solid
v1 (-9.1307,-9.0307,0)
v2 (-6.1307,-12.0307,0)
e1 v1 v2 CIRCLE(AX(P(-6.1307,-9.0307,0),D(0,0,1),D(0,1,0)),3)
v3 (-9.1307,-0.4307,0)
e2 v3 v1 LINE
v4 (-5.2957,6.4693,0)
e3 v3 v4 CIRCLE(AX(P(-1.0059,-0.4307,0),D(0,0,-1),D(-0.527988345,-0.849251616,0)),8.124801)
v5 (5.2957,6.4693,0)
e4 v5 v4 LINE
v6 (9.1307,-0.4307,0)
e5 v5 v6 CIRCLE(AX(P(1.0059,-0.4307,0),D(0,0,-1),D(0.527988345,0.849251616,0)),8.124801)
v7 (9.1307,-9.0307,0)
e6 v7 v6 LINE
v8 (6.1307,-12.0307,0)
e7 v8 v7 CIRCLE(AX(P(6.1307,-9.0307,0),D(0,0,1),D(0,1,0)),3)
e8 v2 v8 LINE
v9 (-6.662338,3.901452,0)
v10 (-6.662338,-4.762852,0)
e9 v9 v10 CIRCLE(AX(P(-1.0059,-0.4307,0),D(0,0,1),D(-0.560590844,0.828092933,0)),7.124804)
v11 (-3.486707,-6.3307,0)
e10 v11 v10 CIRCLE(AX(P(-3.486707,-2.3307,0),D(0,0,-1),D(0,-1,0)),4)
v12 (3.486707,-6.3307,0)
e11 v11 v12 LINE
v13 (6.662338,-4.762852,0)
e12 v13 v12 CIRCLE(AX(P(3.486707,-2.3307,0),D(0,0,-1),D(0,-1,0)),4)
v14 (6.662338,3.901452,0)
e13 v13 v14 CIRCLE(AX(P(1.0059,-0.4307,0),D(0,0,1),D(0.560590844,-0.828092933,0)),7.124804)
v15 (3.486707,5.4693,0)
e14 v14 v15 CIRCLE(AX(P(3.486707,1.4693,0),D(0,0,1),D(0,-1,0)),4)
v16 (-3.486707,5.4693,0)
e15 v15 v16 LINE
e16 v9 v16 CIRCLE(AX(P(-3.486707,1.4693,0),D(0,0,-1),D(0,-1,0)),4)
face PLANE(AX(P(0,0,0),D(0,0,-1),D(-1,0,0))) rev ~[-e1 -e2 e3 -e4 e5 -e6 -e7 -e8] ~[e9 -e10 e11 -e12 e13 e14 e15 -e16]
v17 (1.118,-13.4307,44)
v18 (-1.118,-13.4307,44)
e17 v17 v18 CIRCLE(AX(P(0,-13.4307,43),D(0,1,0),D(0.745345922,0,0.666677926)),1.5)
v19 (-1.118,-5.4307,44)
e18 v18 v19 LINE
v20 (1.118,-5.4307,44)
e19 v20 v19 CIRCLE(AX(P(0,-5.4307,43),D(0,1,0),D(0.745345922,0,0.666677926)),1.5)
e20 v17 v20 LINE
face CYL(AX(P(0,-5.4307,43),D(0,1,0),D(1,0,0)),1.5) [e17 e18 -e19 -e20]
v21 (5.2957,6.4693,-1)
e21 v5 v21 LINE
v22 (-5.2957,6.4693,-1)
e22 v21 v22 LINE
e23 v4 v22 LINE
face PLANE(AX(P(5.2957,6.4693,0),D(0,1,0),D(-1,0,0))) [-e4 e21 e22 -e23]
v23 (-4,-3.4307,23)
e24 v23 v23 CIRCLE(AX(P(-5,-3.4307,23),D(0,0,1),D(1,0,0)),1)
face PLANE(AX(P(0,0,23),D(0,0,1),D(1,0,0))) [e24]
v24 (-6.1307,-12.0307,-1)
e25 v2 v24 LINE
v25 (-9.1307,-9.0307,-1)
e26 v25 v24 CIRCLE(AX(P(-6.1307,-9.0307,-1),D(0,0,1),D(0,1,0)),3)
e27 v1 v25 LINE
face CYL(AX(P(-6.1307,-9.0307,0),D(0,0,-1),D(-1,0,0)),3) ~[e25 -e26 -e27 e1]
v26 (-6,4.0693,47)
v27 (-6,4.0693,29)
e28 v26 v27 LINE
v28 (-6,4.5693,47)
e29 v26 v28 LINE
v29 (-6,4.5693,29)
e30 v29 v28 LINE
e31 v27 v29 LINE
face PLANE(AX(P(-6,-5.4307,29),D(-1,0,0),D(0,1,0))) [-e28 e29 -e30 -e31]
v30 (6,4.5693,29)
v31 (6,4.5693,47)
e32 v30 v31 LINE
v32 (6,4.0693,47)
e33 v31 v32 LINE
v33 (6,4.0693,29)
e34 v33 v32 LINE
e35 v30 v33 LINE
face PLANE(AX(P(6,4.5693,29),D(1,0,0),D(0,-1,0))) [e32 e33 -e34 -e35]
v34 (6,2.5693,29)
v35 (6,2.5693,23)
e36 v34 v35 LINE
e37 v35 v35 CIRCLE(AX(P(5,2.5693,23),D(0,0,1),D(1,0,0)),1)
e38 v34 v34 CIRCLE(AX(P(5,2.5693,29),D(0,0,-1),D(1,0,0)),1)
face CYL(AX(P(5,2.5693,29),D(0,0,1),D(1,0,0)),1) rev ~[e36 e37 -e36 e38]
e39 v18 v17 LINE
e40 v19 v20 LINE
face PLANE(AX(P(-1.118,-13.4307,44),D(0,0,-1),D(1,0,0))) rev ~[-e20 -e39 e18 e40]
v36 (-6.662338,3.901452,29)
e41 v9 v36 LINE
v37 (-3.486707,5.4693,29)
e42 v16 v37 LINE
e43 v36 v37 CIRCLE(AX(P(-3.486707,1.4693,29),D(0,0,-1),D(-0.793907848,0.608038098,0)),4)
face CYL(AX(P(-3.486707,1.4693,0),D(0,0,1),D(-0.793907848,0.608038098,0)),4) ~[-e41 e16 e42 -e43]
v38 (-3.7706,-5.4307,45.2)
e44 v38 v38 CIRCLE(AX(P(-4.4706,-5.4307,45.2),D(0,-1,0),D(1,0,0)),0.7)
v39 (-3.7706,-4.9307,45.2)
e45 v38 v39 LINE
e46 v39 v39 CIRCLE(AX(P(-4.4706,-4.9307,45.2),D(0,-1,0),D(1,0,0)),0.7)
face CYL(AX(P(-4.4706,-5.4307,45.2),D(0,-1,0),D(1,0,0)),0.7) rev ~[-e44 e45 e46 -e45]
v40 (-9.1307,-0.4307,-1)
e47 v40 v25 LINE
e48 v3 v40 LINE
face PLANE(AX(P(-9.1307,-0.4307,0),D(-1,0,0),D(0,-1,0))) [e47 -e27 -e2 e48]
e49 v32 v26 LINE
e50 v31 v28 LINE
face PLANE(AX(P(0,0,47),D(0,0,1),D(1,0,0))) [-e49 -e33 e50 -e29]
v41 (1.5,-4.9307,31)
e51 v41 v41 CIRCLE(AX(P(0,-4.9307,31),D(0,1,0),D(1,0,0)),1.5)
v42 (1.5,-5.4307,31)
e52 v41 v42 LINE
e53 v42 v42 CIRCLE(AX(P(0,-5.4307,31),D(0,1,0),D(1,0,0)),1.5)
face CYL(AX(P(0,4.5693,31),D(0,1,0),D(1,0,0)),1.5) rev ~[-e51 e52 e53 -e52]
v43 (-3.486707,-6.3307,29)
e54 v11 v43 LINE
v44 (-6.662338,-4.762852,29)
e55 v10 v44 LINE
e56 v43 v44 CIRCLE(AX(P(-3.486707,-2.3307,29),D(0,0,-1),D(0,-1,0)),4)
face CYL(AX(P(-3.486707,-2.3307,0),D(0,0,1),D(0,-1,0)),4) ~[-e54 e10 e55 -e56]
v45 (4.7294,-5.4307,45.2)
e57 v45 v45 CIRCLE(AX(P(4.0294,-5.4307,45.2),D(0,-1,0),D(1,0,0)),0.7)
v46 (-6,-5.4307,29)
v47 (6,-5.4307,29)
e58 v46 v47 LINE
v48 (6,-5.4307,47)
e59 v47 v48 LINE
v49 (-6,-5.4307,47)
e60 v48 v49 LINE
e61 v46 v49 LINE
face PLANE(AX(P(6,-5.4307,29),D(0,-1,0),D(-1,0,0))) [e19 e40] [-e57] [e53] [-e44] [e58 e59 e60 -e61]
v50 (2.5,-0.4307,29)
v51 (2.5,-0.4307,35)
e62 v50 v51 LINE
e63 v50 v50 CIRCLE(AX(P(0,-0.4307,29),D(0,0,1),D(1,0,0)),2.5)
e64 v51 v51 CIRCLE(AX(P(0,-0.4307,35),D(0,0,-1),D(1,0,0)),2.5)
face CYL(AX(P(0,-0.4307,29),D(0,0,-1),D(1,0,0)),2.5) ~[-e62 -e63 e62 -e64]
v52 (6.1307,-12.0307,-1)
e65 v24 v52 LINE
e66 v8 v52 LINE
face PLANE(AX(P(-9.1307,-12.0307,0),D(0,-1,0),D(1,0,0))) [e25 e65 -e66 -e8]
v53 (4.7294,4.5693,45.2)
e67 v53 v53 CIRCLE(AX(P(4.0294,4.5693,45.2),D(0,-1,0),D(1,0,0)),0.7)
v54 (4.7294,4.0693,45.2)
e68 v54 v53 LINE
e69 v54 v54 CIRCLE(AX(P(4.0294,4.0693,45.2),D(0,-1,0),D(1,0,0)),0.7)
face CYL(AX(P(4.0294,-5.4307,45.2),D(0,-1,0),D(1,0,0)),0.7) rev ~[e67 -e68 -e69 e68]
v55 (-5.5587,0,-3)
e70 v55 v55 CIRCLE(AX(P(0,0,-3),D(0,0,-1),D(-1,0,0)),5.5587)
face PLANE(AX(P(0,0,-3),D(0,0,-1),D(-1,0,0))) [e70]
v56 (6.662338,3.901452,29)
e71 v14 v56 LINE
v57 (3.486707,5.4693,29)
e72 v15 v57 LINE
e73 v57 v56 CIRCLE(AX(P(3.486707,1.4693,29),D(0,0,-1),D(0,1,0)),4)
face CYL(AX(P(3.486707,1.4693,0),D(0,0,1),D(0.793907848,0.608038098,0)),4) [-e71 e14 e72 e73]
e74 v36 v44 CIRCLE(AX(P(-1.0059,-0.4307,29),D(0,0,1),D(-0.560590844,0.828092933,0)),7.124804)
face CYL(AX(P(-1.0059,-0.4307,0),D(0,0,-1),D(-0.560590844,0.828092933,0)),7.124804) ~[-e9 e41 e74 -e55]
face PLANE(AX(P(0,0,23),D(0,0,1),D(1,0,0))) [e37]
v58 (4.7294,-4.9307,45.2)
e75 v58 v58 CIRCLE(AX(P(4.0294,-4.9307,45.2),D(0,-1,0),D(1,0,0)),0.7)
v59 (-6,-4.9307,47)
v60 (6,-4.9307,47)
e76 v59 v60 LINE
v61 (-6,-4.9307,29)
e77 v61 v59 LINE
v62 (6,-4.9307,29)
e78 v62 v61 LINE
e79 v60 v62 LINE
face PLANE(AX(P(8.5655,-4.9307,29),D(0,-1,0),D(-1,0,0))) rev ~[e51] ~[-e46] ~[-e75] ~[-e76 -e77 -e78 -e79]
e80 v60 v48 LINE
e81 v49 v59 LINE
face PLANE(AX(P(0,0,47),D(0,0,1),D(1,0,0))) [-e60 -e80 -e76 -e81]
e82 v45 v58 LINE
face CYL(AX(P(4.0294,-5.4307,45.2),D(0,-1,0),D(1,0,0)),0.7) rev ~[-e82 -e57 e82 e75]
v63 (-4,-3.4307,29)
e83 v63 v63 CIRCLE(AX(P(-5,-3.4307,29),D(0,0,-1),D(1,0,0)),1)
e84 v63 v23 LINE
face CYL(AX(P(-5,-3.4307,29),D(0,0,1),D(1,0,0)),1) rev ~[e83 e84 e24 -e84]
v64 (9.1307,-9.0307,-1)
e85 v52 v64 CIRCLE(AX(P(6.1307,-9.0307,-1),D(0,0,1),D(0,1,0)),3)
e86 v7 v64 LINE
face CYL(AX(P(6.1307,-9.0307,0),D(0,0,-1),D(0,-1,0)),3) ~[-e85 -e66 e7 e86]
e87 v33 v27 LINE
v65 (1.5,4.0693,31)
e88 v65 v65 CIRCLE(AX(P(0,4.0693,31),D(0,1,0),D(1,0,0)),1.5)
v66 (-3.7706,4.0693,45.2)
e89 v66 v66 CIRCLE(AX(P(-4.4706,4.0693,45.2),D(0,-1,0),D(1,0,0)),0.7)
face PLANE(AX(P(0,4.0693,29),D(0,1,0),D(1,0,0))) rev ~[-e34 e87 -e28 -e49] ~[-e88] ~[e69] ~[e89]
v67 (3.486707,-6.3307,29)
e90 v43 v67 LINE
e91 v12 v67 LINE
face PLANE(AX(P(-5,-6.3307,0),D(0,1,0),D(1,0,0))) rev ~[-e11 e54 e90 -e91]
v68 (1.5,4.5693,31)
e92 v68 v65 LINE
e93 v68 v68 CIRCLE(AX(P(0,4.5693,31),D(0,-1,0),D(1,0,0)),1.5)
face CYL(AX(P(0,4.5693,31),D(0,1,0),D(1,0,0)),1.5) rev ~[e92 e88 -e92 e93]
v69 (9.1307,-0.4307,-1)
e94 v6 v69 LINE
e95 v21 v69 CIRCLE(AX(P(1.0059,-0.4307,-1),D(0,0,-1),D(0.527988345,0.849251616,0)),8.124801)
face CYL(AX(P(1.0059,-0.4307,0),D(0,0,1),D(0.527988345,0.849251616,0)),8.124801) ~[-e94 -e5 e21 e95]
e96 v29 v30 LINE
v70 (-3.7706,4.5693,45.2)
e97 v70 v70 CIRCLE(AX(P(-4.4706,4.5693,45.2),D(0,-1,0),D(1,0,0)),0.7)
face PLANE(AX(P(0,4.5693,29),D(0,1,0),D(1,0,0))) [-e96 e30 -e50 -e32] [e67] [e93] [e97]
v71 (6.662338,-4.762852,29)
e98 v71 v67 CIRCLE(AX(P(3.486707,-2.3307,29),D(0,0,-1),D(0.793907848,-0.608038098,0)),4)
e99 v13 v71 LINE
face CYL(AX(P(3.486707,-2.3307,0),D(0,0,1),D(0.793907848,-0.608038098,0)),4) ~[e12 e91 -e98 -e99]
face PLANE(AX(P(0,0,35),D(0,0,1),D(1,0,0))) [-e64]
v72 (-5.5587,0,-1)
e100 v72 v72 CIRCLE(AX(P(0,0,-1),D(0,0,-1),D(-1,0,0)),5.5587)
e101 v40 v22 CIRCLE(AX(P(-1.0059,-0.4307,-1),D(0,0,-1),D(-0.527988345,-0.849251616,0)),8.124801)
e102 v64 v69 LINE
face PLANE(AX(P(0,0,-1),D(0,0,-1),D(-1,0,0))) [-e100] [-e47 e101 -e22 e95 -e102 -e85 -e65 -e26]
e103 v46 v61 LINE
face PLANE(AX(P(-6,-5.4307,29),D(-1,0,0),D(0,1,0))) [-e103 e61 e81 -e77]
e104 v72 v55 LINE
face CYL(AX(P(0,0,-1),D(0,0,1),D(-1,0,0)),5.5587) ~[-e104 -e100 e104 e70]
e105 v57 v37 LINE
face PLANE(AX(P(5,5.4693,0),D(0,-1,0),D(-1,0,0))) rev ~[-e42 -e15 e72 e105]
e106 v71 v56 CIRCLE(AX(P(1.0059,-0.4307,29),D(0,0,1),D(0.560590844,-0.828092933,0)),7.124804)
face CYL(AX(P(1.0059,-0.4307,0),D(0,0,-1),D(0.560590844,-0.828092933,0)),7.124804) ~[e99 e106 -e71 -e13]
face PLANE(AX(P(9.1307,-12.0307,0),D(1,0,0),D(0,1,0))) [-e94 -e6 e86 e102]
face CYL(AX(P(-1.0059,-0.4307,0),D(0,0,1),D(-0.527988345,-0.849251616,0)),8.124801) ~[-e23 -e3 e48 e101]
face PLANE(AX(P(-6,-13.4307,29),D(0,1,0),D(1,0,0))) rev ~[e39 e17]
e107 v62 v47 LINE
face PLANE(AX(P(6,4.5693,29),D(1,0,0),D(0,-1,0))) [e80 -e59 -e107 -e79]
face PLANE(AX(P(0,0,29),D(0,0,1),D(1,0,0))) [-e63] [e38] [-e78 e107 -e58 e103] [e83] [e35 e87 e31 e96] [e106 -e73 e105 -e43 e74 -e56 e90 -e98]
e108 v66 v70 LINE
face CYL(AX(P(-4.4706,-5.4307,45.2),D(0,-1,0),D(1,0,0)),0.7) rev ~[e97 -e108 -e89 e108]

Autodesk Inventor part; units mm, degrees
ref_plane "YZ Plane" through (0, 0, 0) normal (1, 0, 0) x (0, 1, 0)
ref_plane "XZ Plane" through (0, 0, 0) normal (0, 1, 0) x (-1, 0, 0)
ref_plane "XY Plane" through (0, 0, 0) normal (0, 0, 1) x (1, 0, 0)
sketch "草图1" plane through (0, 0, 0) normal (0, 0, 1) x (1, 0, 0)
  line L0 (-5, 0) -> (5, 0) construction
  line L1 (-5, -6.3307) -> (5, -6.3307)
  line L2 (5, 5.4693) -> (-5, 5.4693)
  arc A0 (-5, 5.4693) -> (-5, -6.3307) centre (-1.0059, -0.4307) ccw
  line L3 (0, 0) -> (0, 3.0217)
  arc A1 (5, -6.3307) -> (5, 5.4693) centre (1.0059, -0.4307) ccw
  line L4 (5, 5.4693) -> (5, -6.3307)
  line L5 (-5, 5.4693) -> (-5, -6.3307)
  point P0 (-10.9, 0)
  point P1 (10.9, 0)
  point P2 (10.9, 0)
  dimension "d0" = 11.8
  dimension "d6" = 10
extrude "拉伸1" add sketch "草图1" along normal blind 29
sketch "草图2" plane through (0, 0, 29) normal (0, 0, 1) x (1, 0, 0)
  line L0 (6, -5.4307) -> (-6, -5.4307)
  line L1 (-6, -5.4307) -> (-6, 4.5693)
  line L2 (-6, 4.5693) -> (6, 4.5693)
  line L3 (6, 4.5693) -> (6, -5.4307)
  line L4 (6, -5.4307) -> (-6, 4.5693) construction
  line L5 (-6, -5.4307) -> (6, 4.5693) construction
  line L6 (5, 5.4693) -> (-5, 5.4693) projected
  line L7 (0, 5.4693) -> (0, -6.3307)
  line L8 (-5, -6.3307) -> (5, -6.3307) projected
  point P0 (0, -0.4307)
  dimension "d4" = 10
  dimension "d5" = 12
extrude "拉伸2" add sketch "草图2" along normal blind 18
sketch "草图3" plane through (0, 0, 0) normal (0, 0, -1) x (-1, 0, 0)
  line L0 (5, -6.3307) -> (-5, -6.3307) projected
  arc A0 (5, -6.3307) -> (5, 5.4693) centre (1.0059, -0.4307) ccw projected
  line L1 (-5, 5.4693) -> (5, 5.4693) projected
  arc A1 (-5, 5.4693) -> (-5, -6.3307) centre (-1.0059, -0.4307) ccw projected
  arc A2 (5.2957, -7.3307) -> (5.2957, 6.4693) centre (1.0059, -0.4307) ccw
  line L2 (5.2957, -7.3307) -> (-5.2957, -7.3307)
  arc A3 (-5.2957, 6.4693) -> (-5.2957, -7.3307) centre (-1.0059, -0.4307) ccw
  line L3 (-5.2957, 6.4693) -> (5.2957, 6.4693)
  line L4 (-9.1307, -0.4307) -> (9.1307, -0.4307)
  line L5 (9.1307, -0.4307) -> (9.1307, -12.0307)
  line L6 (9.1307, -12.0307) -> (-9.1307, -12.0307)
  line L7 (-9.1307, -12.0307) -> (-9.1307, -0.4307)
  point P0 (0, 0)
  dimension "d9" = 1
  dimension "d10" = 18.5
extrude "拉伸3" add sketch "草图3" along normal blind 1
sketch "草图4" plane through (0, 0, -1) normal (0, 0, -1) x (-1, 0, 0)
  circle A0 centre (0, 0) radius 5.5587
extrude "拉伸4" add sketch "草图4" along normal blind 2
sketch "草图5" plane through (-6, -5.4307, 29) normal (0, 1, 0) x (1, 0, 0)
  circle A0 centre (6, -14) radius 1.5
  line L0 (12, -18) -> (0, -18) projected
  point P0 (6, 29)
  dimension "d15" = 4
  dimension "d16" = 3
extrude "拉伸5" add sketch "草图5" against normal blind 8
sketch "草图7" plane through (0, -13.4307, 43) normal (0, -1, 0) x (1, 0, 0)
  circle A0 centre (0, 0) radius 1.5 projected
  line L0 (-1.118, 1) -> (1.118, 1)
  point P0 (0, -43)
  point P1 (0, 1.5)
  dimension "d19" = 0.5
extrude "拉伸6" cut sketch "草图7" against normal up to surface (8 mm away) contours L0 A0 picked at (-0.0599, 1.1631)
fillet "圆角1" radius 4 4 edges at (-5, 5.4693, 14.5) (5, 5.4693, 14.5) (-5, -6.3307, 14.5) (5, -6.3307, 14.5)
fillet "圆角2" radius 3 2 edges at (-9.1307, -12.0307, -0.5) (9.1307, -12.0307, -0.5)
sketch "草图8" plane through (-6, -5.4307, 29) normal (0, -1, 0) x (1, 0, 0)
  circle A0 centre (10.0294, 16.2) radius 0.7
  circle A1 centre (1.5294, 16.2) radius 0.7
  line L0 (0, 18) -> (12, 18) projected
  point P0 (6, -29)
  dimension "d24" = 1.4
  dimension "d25" = 1.4
  dimension "d26" = 8.5
  dimension "d27" = 1.8
extrude "拉伸7" cut sketch "草图8" against normal blind 11.75
sketch "草图9" plane through (-6, 4.5693, 29) normal (0, 1, 0) x (1, 0, 0)
  line L0 (6, -14) -> (6, -2)
  circle A0 centre (6, -2) radius 1.5
  arc A1 (8.5, -14) -> (3.5, -14) centre (6, -14) ccw projected
  point P0 (6, 29)
  dimension "d30" = 12
  dimension "d31" = 3
extrude "拉伸8" cut sketch "草图9" against normal blind 23
sketch "草图10" plane through (0, 0, 29) normal (0, 0, 1) x (1, 0, 0)
  line L0 (-6, 4.5693) -> (6, 4.5693) projected
  line L1 (0, 4.5693) -> (0, -5.4307)
  line L2 (6, -5.4307) -> (-6, -5.4307) projected
  line L3 (8.5655, -4.9307) -> (-8.5655, -4.9307)
  line L4 (-8.5655, -4.9307) -> (-8.5655, 4.0693)
  line L5 (-8.5655, 4.0693) -> (8.5655, 4.0693)
  line L6 (8.5655, 4.0693) -> (8.5655, -4.9307)
  line L7 (8.5655, -4.9307) -> (-8.5655, 4.0693) construction
  line L8 (-8.5655, -4.9307) -> (8.5655, 4.0693) construction
  point P0 (0, 0)
  point P1 (0, -0.4307)
  dimension "d34" = 0.5
extrude "拉伸9" cut sketch "草图10" along normal blind 39.5
sketch "草图11" plane through (0, 0, 29) normal (0, 0, 1) x (1, 0, 0)
  circle A0 centre (0, -0.4307) radius 2.5
  arc A1 (-6.6623, 3.9014) -> (-6.6623, -4.7629) centre (-1.0059, -0.4307) ccw projected
  line L0 (-8.1307, -0.4307) -> (8.1307, -0.4307)
  arc A2 (6.6623, -4.7629) -> (6.6623, 3.9014) centre (1.0059, -0.4307) ccw projected
  dimension "d37" = 5
extrude "拉伸10" add sketch "草图11" along normal blind 6
sketch "草图12" plane through (0, 0, 29) normal (0, 0, 1) x (1, 0, 0)
  circle A0 centre (0, -0.4307) radius 5.831
  circle A1 centre (5, 2.5693) radius 1
  circle A2 centre (0, -0.4307) radius 5.5587
  line L0 (0, -0.4307) -> (0, 11.5704)
  line L1 (0, -0.4307) -> (0, 11.9593)
  circle A3 centre (-5, 2.5693) radius 1
  line L2 (0, -0.4307) -> (-7.5185, -0.4307)
  circle A4 centre (-5, -3.4307) radius 1
  arc A5 (-6.6623, 3.9014) -> (-6.6623, -4.7629) centre (-1.0059, -0.4307) ccw projected
  line L3 (-8.1307, -0.4307) -> (8.1307, -0.4307)
  arc A6 (6.6623, -4.7629) -> (6.6623, 3.9014) centre (1.0059, -0.4307) ccw projected
  dimension "d40" = 2
  dimension "d41" = 5
  dimension "d42" = 3
extrude "拉伸11" cut sketch "草图12" against normal blind 6 contours A1 A2 A0 | A0 A1 | A4 A0 | A0 A4 A2 | A1 A2 | A2 A4
properties part number "电机"
